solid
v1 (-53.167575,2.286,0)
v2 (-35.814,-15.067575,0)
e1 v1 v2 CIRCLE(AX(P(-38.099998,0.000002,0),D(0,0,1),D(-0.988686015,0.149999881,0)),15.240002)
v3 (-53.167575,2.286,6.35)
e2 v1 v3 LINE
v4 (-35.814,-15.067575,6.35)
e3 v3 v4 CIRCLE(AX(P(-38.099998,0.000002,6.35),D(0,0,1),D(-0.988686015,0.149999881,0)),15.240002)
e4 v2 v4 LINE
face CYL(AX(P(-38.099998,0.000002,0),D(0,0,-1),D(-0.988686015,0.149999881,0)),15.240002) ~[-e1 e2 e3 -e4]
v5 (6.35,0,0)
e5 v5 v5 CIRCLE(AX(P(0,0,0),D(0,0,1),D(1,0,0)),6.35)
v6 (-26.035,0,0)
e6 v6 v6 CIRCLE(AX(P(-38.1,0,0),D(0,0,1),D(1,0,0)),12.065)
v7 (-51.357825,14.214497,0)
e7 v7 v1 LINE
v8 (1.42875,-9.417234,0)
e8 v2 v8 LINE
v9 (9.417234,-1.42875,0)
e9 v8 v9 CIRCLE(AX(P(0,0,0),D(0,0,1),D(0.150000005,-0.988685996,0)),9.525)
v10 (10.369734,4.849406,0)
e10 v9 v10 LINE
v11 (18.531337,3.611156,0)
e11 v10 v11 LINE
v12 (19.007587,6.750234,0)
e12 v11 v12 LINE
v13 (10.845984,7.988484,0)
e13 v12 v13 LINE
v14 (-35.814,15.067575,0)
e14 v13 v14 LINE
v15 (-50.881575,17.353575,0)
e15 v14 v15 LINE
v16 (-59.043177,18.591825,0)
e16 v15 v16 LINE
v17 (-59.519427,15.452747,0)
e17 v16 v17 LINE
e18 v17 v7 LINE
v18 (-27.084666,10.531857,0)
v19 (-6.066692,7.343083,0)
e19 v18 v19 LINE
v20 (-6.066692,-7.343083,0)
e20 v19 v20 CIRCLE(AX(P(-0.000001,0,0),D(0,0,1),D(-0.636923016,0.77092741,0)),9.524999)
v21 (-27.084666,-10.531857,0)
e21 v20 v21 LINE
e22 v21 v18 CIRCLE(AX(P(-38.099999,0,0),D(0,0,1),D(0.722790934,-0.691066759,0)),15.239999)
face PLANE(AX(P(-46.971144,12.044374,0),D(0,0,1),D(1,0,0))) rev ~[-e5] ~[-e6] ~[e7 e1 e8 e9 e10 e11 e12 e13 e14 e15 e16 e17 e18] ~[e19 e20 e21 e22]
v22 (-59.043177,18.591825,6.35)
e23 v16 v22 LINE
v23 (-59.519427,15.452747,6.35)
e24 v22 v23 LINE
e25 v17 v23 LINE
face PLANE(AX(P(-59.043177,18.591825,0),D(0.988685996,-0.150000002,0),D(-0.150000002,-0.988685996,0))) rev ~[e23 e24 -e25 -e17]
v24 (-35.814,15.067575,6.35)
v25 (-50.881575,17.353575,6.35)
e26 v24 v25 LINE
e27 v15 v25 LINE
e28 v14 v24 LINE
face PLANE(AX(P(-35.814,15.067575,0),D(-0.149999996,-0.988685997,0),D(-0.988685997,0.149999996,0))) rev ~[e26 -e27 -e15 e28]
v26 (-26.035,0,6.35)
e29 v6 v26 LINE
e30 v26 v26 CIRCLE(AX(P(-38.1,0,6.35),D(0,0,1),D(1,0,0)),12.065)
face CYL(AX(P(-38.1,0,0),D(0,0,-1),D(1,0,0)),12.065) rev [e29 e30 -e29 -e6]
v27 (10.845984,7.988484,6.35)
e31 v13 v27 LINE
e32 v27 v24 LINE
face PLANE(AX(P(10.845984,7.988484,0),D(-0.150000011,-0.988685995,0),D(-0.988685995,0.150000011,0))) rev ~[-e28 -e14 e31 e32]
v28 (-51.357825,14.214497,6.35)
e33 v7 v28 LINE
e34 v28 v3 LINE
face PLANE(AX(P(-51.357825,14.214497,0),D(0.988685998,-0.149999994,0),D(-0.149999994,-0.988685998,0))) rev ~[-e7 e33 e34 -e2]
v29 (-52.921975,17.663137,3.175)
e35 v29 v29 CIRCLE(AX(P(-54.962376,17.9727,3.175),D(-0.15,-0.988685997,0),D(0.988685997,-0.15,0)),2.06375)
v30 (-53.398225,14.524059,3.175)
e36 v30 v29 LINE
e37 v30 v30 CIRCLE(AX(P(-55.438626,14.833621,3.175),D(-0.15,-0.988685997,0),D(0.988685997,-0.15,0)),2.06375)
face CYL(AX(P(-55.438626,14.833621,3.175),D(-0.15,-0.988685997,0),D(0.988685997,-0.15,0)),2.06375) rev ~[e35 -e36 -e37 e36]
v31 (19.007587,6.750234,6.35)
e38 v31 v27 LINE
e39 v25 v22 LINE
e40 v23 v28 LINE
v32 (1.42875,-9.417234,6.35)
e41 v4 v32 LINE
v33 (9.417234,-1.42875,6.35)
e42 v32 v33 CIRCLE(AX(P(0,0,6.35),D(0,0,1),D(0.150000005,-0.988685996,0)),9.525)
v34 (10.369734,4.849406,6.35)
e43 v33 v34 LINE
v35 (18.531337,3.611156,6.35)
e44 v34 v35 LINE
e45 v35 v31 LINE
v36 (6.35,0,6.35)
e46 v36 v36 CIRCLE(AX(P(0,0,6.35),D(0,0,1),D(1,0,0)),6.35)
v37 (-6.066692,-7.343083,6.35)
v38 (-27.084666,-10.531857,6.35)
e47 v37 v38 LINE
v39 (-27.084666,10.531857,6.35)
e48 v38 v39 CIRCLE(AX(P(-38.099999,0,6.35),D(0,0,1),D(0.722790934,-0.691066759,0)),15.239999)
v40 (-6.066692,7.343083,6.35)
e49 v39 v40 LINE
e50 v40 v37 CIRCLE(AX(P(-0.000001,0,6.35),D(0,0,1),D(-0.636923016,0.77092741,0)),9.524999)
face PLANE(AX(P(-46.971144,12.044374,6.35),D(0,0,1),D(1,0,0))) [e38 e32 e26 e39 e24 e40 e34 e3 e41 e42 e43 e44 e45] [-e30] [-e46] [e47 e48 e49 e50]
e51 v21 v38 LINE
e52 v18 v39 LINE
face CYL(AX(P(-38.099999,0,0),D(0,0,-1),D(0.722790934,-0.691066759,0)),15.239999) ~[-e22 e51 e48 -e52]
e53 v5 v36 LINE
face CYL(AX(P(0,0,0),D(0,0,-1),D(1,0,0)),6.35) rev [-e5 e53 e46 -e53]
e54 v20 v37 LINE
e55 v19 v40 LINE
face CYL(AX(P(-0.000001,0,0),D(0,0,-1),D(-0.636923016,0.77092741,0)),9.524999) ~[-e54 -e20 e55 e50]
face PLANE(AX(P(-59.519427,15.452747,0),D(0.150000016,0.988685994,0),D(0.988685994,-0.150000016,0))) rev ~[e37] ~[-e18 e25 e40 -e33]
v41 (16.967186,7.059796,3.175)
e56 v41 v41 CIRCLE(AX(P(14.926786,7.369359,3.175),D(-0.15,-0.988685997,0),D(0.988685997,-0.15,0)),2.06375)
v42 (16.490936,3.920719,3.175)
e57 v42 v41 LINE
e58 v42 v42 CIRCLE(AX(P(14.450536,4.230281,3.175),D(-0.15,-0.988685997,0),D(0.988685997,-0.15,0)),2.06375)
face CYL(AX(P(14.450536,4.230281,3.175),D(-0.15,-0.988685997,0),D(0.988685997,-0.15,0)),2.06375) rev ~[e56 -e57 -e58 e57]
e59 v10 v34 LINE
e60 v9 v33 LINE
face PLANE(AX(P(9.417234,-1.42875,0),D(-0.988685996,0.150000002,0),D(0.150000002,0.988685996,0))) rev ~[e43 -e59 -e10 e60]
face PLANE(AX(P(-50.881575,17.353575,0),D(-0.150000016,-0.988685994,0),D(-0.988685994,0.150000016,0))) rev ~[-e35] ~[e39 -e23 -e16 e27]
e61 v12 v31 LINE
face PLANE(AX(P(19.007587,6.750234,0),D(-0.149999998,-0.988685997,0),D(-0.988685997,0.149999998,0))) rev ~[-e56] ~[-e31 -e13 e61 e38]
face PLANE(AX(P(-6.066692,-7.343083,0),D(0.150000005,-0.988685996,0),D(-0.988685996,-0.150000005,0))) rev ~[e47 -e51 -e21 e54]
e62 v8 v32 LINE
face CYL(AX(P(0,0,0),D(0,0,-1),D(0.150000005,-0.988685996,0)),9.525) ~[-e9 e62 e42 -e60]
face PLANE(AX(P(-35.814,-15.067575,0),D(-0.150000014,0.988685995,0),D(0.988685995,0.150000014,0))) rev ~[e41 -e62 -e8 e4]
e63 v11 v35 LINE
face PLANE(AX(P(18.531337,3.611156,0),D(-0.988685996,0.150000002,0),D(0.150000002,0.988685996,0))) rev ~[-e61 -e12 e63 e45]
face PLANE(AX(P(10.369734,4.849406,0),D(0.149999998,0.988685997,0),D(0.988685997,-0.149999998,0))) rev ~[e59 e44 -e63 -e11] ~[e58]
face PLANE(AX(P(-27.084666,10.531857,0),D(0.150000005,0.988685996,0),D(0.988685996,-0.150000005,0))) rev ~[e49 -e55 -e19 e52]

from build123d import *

# Parameters (mm, degrees)
F0_R     = 12.065
F0_R_2   = 6.35
F1_DEPTH = 6.35
F2_R     = 2.06375
F3_DEPTH = 14.883615
F4_R     = 2.06375
F5_DEPTH = 14.883615


with BuildPart() as f1:
    # F0 (on Top) → F1 (new body)
    with BuildSketch(Plane.XY):
        with BuildLine():
            Line((-35.814, 15.067575), (-50.881575, 17.353575))
            Line((-50.881575, 17.353575), (-51.357825, 14.214497))
            Line((-51.357825, 14.214497), (-53.167575, 2.286))
            ThreePointArc((-53.167575, 2.286), (-47.137938, 12.27083), (-35.814, 15.067575))
        make_face()
        Polygon((-51.357825, 14.214497), (-50.881575, 17.353575), (-59.043177, 18.591825), (-59.519427, 15.452747), align=None)
        with BuildLine():
            Line((10.845984, 7.988484), (-35.814, 15.067575))
            ThreePointArc((-35.814, 15.067575), (-47.137938, 12.27083), (-53.167575, 2.286))
            ThreePointArc((-53.167575, 2.286), (-48.876307, -10.776307), (-35.814, -15.067575))
            Line((-35.814, -15.067575), (1.42875, -9.417234))
            ThreePointArc((1.42875, -9.417234), (6.735192, -6.735192), (9.417234, -1.42875))
            Line((9.417234, -1.42875), (10.369734, 4.849406))
            Line((10.369734, 4.849406), (10.845984, 7.988484))
        make_face()
        with Locations((-38.1, 0)):
            Circle(F0_R, mode=Mode.SUBTRACT)
        with BuildLine():
            Line((-27.084666, 10.531857), (-6.066692, 7.343083))
            ThreePointArc((-6.066692, 7.343083), (-9.525, 0), (-6.066692, -7.343083))
            Line((-6.066692, -7.343083), (-27.084666, -10.531857))
            ThreePointArc((-27.084666, -10.531857), (-22.86, 0), (-27.084666, 10.531857))
        make_face(mode=Mode.SUBTRACT)
        Circle(F0_R_2, mode=Mode.SUBTRACT)
        Polygon((19.007587, 6.750234), (10.845984, 7.988484), (10.369734, 4.849406), (18.531337, 3.611156), align=None)
    extrude(amount=F1_DEPTH)

    # F2 (on face) → F3 (cut, through all)
    with BuildSketch(Plane(origin=(0.9525, 6.278156, 0), x_dir=(0.988686, -0.15, 0), z_dir=(-0.15, -0.988686, 0))):
        with Locations((-57.036436, 3.175)):
            Circle(F2_R)
    extrude(amount=-F3_DEPTH, mode=Mode.SUBTRACT)

    # F4 (on face) → F5 (cut, through all)
    with BuildSketch(Plane(origin=(0.9525, 6.278156, 0), x_dir=(0.988686, -0.15, 0), z_dir=(-0.15, -0.988686, 0))):
        with Locations((13.6525, 3.175)):
            Circle(F4_R)
    extrude(amount=-F5_DEPTH, mode=Mode.SUBTRACT)


solid = f1.part
